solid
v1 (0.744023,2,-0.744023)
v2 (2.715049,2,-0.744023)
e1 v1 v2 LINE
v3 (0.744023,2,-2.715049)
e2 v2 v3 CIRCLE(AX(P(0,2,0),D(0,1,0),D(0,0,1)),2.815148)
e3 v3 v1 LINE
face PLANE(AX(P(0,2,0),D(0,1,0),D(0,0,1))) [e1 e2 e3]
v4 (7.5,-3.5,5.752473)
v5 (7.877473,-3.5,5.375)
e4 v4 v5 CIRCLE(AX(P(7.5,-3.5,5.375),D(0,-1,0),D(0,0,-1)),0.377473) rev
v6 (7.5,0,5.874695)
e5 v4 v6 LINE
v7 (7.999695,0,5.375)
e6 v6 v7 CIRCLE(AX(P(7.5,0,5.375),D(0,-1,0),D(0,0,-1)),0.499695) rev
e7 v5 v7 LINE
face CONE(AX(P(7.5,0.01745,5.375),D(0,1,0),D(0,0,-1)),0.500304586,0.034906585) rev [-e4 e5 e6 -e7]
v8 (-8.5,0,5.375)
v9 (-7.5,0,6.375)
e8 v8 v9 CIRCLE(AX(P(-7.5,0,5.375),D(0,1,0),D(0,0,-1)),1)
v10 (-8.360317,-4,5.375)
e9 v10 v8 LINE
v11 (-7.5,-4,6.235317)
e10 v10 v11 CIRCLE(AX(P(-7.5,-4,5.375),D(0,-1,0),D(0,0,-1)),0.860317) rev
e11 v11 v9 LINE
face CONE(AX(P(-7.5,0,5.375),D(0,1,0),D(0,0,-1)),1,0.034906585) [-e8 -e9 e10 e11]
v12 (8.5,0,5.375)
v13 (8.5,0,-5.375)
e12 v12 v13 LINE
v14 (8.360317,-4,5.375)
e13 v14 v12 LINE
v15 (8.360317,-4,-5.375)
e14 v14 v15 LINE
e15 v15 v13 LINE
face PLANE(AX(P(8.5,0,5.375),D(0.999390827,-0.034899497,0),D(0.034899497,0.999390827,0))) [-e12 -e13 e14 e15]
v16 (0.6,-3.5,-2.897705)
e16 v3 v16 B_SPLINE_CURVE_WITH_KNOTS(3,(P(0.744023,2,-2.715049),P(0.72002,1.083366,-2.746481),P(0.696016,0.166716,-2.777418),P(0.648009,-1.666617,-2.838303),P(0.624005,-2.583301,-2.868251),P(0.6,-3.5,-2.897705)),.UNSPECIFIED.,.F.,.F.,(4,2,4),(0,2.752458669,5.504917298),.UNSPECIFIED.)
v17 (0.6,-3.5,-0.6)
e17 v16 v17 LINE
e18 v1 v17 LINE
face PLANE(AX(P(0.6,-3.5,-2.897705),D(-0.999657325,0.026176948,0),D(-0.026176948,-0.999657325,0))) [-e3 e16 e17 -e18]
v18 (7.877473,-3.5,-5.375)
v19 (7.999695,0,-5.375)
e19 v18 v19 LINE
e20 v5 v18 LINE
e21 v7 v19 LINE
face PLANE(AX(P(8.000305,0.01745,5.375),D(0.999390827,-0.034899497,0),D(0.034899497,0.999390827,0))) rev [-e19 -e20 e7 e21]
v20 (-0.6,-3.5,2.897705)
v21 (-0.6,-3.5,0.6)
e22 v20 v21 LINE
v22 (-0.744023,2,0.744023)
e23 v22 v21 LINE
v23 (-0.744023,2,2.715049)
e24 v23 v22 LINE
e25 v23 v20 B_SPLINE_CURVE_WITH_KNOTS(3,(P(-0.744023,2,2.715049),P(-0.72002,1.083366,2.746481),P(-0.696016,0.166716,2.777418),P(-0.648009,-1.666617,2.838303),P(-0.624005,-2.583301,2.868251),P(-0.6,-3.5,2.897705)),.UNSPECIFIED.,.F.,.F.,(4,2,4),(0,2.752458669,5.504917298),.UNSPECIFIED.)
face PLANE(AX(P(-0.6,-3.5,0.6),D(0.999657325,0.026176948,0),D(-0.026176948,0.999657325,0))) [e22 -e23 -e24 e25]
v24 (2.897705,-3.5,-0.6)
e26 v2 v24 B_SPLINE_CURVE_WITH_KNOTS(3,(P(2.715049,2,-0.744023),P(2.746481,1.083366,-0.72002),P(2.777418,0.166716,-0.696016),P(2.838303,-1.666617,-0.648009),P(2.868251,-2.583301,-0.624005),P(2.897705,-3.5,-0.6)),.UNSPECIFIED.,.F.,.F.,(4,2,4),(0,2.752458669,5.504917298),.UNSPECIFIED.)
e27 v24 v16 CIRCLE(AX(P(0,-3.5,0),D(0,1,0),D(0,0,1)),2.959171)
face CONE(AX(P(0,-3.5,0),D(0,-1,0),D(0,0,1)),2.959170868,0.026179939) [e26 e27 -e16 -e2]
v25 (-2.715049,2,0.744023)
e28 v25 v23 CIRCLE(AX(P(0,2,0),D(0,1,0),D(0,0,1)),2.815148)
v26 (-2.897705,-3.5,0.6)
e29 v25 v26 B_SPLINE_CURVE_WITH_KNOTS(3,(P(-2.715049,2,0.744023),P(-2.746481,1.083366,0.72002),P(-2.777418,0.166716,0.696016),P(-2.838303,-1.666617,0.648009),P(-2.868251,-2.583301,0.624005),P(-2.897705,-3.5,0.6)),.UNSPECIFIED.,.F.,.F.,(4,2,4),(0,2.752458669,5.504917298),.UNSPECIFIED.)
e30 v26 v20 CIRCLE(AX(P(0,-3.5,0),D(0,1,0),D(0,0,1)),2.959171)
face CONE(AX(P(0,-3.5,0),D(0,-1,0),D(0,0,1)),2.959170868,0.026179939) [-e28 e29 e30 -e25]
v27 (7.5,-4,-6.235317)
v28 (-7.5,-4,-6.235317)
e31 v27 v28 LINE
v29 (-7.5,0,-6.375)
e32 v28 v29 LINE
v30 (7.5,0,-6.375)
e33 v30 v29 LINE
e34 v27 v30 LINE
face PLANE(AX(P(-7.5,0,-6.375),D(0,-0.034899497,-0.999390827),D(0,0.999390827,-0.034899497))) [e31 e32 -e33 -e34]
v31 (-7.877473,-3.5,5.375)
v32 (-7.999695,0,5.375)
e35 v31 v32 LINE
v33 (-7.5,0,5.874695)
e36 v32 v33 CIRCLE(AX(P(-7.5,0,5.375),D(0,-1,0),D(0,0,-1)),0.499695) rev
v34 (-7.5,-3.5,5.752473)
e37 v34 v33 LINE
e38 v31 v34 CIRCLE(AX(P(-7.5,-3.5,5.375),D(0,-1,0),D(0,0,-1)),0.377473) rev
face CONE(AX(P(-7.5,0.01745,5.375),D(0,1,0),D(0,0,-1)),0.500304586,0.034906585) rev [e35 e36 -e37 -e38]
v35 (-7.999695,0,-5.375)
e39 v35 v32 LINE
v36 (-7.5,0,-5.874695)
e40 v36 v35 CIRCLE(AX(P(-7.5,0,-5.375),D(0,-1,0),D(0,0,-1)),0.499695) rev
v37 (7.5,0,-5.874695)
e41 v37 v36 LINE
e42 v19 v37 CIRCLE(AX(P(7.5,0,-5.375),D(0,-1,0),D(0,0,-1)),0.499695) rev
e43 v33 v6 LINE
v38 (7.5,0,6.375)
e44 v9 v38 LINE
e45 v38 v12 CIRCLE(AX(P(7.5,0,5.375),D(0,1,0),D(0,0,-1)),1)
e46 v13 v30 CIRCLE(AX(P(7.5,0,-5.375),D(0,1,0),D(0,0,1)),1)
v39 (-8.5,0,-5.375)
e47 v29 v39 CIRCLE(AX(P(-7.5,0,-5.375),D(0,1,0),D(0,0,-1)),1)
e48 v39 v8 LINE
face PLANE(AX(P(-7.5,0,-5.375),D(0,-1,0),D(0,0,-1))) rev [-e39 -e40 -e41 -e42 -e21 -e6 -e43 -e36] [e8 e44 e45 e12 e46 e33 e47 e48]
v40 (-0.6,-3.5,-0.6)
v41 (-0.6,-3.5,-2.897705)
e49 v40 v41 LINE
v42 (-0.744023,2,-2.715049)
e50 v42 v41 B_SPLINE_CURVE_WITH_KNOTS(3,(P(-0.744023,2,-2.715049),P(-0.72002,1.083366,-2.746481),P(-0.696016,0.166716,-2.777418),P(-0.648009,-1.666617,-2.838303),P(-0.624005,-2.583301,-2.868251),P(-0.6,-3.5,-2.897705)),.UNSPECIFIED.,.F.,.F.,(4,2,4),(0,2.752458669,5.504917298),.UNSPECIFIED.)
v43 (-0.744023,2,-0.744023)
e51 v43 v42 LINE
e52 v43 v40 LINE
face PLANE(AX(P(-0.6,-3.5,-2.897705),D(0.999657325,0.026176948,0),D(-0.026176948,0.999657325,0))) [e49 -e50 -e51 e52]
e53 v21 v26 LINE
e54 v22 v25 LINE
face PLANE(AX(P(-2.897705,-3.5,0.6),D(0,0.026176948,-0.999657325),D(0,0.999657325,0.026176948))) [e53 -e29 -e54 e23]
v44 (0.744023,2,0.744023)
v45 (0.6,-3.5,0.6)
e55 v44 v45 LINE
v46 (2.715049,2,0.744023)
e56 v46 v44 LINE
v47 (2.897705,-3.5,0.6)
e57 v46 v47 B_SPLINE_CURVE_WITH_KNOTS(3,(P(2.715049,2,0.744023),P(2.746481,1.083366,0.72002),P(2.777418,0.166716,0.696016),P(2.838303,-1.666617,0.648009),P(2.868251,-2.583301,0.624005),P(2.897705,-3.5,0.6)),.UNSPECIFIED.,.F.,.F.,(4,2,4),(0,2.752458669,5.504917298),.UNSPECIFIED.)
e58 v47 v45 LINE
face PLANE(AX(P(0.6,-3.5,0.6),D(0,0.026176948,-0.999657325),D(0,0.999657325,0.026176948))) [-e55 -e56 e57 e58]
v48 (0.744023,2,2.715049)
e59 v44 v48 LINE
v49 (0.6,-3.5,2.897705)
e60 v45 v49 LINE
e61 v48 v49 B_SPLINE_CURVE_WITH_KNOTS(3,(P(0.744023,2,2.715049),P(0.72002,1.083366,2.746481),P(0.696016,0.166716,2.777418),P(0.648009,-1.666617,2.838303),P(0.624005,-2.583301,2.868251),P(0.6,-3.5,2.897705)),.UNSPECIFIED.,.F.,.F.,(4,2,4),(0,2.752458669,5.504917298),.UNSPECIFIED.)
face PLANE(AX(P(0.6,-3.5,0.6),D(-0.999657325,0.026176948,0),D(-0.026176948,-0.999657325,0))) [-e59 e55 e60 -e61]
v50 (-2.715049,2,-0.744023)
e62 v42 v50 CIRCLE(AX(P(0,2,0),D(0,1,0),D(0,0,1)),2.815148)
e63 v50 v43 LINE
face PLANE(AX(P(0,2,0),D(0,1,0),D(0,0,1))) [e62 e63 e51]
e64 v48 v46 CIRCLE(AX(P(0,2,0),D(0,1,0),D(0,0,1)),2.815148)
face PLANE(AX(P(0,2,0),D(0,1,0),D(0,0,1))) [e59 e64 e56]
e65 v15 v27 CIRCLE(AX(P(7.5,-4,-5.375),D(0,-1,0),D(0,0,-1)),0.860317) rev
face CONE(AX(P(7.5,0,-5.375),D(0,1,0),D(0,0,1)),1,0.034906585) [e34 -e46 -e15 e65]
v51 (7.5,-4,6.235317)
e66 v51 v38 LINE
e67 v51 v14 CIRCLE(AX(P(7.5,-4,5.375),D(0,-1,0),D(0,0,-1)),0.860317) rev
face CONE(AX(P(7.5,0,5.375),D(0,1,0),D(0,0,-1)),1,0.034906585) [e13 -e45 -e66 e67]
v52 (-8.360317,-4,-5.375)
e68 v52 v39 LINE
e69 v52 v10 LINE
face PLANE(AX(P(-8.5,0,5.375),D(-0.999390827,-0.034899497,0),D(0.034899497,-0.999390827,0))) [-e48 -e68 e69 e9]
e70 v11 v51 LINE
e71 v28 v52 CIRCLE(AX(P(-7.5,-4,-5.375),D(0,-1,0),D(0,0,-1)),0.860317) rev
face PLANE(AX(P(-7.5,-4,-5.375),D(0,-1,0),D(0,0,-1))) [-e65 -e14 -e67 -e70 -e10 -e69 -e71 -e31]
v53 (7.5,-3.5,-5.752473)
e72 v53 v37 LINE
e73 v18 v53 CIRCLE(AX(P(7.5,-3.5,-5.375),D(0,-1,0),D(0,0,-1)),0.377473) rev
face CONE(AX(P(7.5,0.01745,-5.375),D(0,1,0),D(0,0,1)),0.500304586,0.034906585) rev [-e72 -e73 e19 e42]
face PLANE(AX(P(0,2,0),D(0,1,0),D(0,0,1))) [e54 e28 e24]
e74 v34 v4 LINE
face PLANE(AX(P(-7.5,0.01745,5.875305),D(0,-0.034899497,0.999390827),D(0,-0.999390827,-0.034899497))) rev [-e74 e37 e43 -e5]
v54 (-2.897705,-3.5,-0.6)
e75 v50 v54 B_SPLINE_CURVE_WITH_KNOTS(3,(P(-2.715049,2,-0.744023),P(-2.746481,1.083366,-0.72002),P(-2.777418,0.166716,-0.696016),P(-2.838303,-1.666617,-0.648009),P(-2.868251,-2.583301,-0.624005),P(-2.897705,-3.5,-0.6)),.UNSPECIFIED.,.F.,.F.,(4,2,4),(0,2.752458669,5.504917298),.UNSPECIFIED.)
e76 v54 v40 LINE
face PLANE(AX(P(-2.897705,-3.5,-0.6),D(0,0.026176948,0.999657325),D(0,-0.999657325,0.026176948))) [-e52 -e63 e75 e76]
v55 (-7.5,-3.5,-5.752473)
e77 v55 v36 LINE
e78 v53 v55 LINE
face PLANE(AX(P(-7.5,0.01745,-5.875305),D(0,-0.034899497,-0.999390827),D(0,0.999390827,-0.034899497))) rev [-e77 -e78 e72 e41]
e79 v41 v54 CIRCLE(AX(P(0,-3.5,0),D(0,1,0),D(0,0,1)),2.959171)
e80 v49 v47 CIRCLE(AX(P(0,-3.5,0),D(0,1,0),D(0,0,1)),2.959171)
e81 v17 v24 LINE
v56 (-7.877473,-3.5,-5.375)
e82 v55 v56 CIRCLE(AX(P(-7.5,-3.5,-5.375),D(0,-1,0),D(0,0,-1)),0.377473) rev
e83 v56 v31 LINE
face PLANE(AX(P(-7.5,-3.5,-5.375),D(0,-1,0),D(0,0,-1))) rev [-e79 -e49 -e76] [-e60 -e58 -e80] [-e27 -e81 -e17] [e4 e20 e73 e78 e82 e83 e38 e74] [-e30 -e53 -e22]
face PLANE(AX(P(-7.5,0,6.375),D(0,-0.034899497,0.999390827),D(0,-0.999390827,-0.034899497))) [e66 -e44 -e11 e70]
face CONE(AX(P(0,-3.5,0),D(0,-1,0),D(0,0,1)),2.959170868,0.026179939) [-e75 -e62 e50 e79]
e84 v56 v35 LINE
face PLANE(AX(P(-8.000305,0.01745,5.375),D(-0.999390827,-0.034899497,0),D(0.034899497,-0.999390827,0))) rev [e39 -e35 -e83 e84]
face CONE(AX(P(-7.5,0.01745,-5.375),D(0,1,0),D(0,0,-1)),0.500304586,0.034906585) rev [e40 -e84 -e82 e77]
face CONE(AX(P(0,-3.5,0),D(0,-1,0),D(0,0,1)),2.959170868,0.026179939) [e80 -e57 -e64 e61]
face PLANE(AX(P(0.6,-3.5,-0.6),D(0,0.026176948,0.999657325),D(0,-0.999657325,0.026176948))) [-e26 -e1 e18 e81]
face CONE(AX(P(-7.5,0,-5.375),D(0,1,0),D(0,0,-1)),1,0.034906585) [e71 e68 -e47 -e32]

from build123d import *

# Parameters (mm, degrees)
BOSS_EXTRUDE1_DEPTH           = 4
BOSS_EXTRUDE1_DRAFT           = -2
SHELL1_T                      = -0.5
BOSS_EXTRUDE2_DEPTH           = 5.5
BOSS_EXTRUDE2_DRAFT           = 1.5
BOSS_EXTRUDE2_PROFILE_2_DEPTH = 5.5
BOSS_EXTRUDE2_PROFILE_2_DRAFT = 1.5
BOSS_EXTRUDE2_PROFILE_3_DEPTH = 5.5
BOSS_EXTRUDE2_PROFILE_3_DRAFT = 1.5
BOSS_EXTRUDE2_PROFILE_4_DEPTH = 5.5
BOSS_EXTRUDE2_PROFILE_4_DRAFT = 1.5


with BuildPart() as part:
    # Sketch1 → Boss-Extrude1 (with draft: the straight prism first)
    with BuildSketch(Plane(origin=(0, 0, 0), x_dir=(1, 0, 0), z_dir=(0, 1, 0))):
        with BuildLine():
            Line((-7.5, -6.375), (7.5, -6.375))
            ThreePointArc((7.5, -6.375), (8.207106781, -6.082106781), (8.5, -5.375))
            Line((8.5, -5.375), (8.5, 5.375))
            ThreePointArc((8.5, 5.375), (8.207106781, 6.082106781), (7.5, 6.375))
            Line((7.5, 6.375), (-7.5, 6.375))
            ThreePointArc((-7.5, 6.375), (-8.207106781, 6.082106781), (-8.5, 5.375))
            Line((-8.5, 5.375), (-8.5, -5.375))
            ThreePointArc((-8.5, -5.375), (-8.207106781, -6.082106781), (-7.5, -6.375))
        make_face()
    extrude(amount=-BOSS_EXTRUDE1_DEPTH)
    # Boss-Extrude1: the draft: its side faces are tilted about the plane it starts from
    boss_extrude1_sides = [part.faces().sort_by_distance(p)[0] for p in [
        (0, -2, 6.375),
        (8.207106781, -2, 6.082106781),
        (8.5, -2, 0),
        (8.207106781, -2, -6.082106781),
        (0, -2, -6.375),
        (-8.207106781, -2, -6.082106781),
        (-8.5, -2, 0),
        (-8.207106781, -2, 6.082106781),
    ]]
    draft(boss_extrude1_sides, Plane(origin=(0, 0, 0), x_dir=(1, 0, 0), z_dir=(0, 1, 0)), BOSS_EXTRUDE1_DRAFT)

    # Shell1
    shell1_openings = [part.faces().sort_by_distance(p)[0] for p in [
        (0, 0, 0),
    ]]
    offset(amount=SHELL1_T, openings=shell1_openings, kind=Kind.INTERSECTION)


with BuildPart() as boss_extrude2_tool:
    # Sketch3 → Boss-Extrude2 (with draft: the straight prism first)
    with BuildSketch(Plane(origin=(0, -3.5, 0), x_dir=(1, 0, 0), z_dir=(0, 1, 0))):
        with BuildLine():
            ThreePointArc((-0.6, 2.897704648), (-2.092449787, 2.092449787), (-2.897704648, 0.6))
            Line((-2.897704648, 0.6), (-0.6, 0.6))
            Line((-0.6, 0.6), (-0.6, 2.897704648))
        make_face()
    extrude(amount=BOSS_EXTRUDE2_DEPTH)
    # Boss-Extrude2: the draft: its side faces are tilted about the plane it starts from
    boss_extrude2_sides = [boss_extrude2_tool.faces().sort_by_distance(p)[0] for p in [
        (-2.092449787, -0.75, -2.092449787),
        (-1.748852324, -0.75, -0.6),
        (-0.6, -0.75, -1.748852324),
    ]]
    draft(boss_extrude2_sides, Plane(origin=(0, -3.5, 0), x_dir=(1, 0, 0), z_dir=(0, 1, 0)), BOSS_EXTRUDE2_DRAFT)


with BuildPart() as part_1:
    add(part.part)

    # Boss-Extrude2: add boss_extrude2_tool
    add(boss_extrude2_tool.part)


with BuildPart() as boss_extrude2_profile_2_tool:
    # Sketch3 → Boss-Extrude2 profile 2 (with draft: the straight prism first)
    with BuildSketch(Plane(origin=(0, -3.5, 0), x_dir=(1, 0, 0), z_dir=(0, 1, 0))):
        with BuildLine():
            Line((0.6, 2.897704648), (0.6, 0.6))
            Line((0.6, 0.6), (2.897704648, 0.6))
            ThreePointArc((2.897704648, 0.6), (2.092449787, 2.092449787), (0.6, 2.897704648))
        make_face()
    extrude(amount=BOSS_EXTRUDE2_PROFILE_2_DEPTH)
    # Boss-Extrude2 profile 2: the draft: its side faces are tilted about the plane it starts from
    boss_extrude2_profile_2_sides = [boss_extrude2_profile_2_tool.faces().sort_by_distance(p)[0] for p in [
        (2.092449787, -0.75, -2.092449787),
        (0.6, -0.75, -1.748852324),
        (1.748852324, -0.75, -0.6),
    ]]
    draft(boss_extrude2_profile_2_sides, Plane(origin=(0, -3.5, 0), x_dir=(1, 0, 0), z_dir=(0, 1, 0)), BOSS_EXTRUDE2_PROFILE_2_DRAFT)


with BuildPart() as part_2:
    add(part_1.part)

    # Boss-Extrude2 profile 2: add boss_extrude2_profile_2_tool
    add(boss_extrude2_profile_2_tool.part)


with BuildPart() as boss_extrude2_profile_3_tool:
    # Sketch3 → Boss-Extrude2 profile 3 (with draft: the straight prism first)
    with BuildSketch(Plane(origin=(0, -3.5, 0), x_dir=(1, 0, 0), z_dir=(0, 1, 0))):
        with BuildLine():
            ThreePointArc((-2.897704648, -0.6), (-2.092449787, -2.092449787), (-0.6, -2.897704648))
            Line((-0.6, -2.897704648), (-0.6, -0.6))
            Line((-0.6, -0.6), (-2.897704648, -0.6))
        make_face()
    extrude(amount=BOSS_EXTRUDE2_PROFILE_3_DEPTH)
    # Boss-Extrude2 profile 3: the draft: its side faces are tilted about the plane it starts from
    boss_extrude2_profile_3_sides = [boss_extrude2_profile_3_tool.faces().sort_by_distance(p)[0] for p in [
        (-2.092449787, -0.75, 2.092449787),
        (-0.6, -0.75, 1.748852324),
        (-1.748852324, -0.75, 0.6),
    ]]
    draft(boss_extrude2_profile_3_sides, Plane(origin=(0, -3.5, 0), x_dir=(1, 0, 0), z_dir=(0, 1, 0)), BOSS_EXTRUDE2_PROFILE_3_DRAFT)


with BuildPart() as part_3:
    add(part_2.part)

    # Boss-Extrude2 profile 3: add boss_extrude2_profile_3_tool
    add(boss_extrude2_profile_3_tool.part)


with BuildPart() as boss_extrude2_profile_4_tool:
    # Sketch3 → Boss-Extrude2 profile 4 (with draft: the straight prism first)
    with BuildSketch(Plane(origin=(0, -3.5, 0), x_dir=(1, 0, 0), z_dir=(0, 1, 0))):
        with BuildLine():
            Line((0.6, -0.6), (0.6, -2.897704648))
            ThreePointArc((0.6, -2.897704648), (2.092449787, -2.092449787), (2.897704648, -0.6))
            Line((2.897704648, -0.6), (0.6, -0.6))
        make_face()
    extrude(amount=BOSS_EXTRUDE2_PROFILE_4_DEPTH)
    # Boss-Extrude2 profile 4: the draft: its side faces are tilted about the plane it starts from
    boss_extrude2_profile_4_sides = [boss_extrude2_profile_4_tool.faces().sort_by_distance(p)[0] for p in [
        (1.748852324, -0.75, 0.6),
        (0.6, -0.75, 1.748852324),
        (2.092449787, -0.75, 2.092449787),
    ]]
    draft(boss_extrude2_profile_4_sides, Plane(origin=(0, -3.5, 0), x_dir=(1, 0, 0), z_dir=(0, 1, 0)), BOSS_EXTRUDE2_PROFILE_4_DRAFT)


with BuildPart() as part_4:
    add(part_3.part)

    # Boss-Extrude2 profile 4: add boss_extrude2_profile_4_tool
    add(boss_extrude2_profile_4_tool.part)


solid = part_4.part
